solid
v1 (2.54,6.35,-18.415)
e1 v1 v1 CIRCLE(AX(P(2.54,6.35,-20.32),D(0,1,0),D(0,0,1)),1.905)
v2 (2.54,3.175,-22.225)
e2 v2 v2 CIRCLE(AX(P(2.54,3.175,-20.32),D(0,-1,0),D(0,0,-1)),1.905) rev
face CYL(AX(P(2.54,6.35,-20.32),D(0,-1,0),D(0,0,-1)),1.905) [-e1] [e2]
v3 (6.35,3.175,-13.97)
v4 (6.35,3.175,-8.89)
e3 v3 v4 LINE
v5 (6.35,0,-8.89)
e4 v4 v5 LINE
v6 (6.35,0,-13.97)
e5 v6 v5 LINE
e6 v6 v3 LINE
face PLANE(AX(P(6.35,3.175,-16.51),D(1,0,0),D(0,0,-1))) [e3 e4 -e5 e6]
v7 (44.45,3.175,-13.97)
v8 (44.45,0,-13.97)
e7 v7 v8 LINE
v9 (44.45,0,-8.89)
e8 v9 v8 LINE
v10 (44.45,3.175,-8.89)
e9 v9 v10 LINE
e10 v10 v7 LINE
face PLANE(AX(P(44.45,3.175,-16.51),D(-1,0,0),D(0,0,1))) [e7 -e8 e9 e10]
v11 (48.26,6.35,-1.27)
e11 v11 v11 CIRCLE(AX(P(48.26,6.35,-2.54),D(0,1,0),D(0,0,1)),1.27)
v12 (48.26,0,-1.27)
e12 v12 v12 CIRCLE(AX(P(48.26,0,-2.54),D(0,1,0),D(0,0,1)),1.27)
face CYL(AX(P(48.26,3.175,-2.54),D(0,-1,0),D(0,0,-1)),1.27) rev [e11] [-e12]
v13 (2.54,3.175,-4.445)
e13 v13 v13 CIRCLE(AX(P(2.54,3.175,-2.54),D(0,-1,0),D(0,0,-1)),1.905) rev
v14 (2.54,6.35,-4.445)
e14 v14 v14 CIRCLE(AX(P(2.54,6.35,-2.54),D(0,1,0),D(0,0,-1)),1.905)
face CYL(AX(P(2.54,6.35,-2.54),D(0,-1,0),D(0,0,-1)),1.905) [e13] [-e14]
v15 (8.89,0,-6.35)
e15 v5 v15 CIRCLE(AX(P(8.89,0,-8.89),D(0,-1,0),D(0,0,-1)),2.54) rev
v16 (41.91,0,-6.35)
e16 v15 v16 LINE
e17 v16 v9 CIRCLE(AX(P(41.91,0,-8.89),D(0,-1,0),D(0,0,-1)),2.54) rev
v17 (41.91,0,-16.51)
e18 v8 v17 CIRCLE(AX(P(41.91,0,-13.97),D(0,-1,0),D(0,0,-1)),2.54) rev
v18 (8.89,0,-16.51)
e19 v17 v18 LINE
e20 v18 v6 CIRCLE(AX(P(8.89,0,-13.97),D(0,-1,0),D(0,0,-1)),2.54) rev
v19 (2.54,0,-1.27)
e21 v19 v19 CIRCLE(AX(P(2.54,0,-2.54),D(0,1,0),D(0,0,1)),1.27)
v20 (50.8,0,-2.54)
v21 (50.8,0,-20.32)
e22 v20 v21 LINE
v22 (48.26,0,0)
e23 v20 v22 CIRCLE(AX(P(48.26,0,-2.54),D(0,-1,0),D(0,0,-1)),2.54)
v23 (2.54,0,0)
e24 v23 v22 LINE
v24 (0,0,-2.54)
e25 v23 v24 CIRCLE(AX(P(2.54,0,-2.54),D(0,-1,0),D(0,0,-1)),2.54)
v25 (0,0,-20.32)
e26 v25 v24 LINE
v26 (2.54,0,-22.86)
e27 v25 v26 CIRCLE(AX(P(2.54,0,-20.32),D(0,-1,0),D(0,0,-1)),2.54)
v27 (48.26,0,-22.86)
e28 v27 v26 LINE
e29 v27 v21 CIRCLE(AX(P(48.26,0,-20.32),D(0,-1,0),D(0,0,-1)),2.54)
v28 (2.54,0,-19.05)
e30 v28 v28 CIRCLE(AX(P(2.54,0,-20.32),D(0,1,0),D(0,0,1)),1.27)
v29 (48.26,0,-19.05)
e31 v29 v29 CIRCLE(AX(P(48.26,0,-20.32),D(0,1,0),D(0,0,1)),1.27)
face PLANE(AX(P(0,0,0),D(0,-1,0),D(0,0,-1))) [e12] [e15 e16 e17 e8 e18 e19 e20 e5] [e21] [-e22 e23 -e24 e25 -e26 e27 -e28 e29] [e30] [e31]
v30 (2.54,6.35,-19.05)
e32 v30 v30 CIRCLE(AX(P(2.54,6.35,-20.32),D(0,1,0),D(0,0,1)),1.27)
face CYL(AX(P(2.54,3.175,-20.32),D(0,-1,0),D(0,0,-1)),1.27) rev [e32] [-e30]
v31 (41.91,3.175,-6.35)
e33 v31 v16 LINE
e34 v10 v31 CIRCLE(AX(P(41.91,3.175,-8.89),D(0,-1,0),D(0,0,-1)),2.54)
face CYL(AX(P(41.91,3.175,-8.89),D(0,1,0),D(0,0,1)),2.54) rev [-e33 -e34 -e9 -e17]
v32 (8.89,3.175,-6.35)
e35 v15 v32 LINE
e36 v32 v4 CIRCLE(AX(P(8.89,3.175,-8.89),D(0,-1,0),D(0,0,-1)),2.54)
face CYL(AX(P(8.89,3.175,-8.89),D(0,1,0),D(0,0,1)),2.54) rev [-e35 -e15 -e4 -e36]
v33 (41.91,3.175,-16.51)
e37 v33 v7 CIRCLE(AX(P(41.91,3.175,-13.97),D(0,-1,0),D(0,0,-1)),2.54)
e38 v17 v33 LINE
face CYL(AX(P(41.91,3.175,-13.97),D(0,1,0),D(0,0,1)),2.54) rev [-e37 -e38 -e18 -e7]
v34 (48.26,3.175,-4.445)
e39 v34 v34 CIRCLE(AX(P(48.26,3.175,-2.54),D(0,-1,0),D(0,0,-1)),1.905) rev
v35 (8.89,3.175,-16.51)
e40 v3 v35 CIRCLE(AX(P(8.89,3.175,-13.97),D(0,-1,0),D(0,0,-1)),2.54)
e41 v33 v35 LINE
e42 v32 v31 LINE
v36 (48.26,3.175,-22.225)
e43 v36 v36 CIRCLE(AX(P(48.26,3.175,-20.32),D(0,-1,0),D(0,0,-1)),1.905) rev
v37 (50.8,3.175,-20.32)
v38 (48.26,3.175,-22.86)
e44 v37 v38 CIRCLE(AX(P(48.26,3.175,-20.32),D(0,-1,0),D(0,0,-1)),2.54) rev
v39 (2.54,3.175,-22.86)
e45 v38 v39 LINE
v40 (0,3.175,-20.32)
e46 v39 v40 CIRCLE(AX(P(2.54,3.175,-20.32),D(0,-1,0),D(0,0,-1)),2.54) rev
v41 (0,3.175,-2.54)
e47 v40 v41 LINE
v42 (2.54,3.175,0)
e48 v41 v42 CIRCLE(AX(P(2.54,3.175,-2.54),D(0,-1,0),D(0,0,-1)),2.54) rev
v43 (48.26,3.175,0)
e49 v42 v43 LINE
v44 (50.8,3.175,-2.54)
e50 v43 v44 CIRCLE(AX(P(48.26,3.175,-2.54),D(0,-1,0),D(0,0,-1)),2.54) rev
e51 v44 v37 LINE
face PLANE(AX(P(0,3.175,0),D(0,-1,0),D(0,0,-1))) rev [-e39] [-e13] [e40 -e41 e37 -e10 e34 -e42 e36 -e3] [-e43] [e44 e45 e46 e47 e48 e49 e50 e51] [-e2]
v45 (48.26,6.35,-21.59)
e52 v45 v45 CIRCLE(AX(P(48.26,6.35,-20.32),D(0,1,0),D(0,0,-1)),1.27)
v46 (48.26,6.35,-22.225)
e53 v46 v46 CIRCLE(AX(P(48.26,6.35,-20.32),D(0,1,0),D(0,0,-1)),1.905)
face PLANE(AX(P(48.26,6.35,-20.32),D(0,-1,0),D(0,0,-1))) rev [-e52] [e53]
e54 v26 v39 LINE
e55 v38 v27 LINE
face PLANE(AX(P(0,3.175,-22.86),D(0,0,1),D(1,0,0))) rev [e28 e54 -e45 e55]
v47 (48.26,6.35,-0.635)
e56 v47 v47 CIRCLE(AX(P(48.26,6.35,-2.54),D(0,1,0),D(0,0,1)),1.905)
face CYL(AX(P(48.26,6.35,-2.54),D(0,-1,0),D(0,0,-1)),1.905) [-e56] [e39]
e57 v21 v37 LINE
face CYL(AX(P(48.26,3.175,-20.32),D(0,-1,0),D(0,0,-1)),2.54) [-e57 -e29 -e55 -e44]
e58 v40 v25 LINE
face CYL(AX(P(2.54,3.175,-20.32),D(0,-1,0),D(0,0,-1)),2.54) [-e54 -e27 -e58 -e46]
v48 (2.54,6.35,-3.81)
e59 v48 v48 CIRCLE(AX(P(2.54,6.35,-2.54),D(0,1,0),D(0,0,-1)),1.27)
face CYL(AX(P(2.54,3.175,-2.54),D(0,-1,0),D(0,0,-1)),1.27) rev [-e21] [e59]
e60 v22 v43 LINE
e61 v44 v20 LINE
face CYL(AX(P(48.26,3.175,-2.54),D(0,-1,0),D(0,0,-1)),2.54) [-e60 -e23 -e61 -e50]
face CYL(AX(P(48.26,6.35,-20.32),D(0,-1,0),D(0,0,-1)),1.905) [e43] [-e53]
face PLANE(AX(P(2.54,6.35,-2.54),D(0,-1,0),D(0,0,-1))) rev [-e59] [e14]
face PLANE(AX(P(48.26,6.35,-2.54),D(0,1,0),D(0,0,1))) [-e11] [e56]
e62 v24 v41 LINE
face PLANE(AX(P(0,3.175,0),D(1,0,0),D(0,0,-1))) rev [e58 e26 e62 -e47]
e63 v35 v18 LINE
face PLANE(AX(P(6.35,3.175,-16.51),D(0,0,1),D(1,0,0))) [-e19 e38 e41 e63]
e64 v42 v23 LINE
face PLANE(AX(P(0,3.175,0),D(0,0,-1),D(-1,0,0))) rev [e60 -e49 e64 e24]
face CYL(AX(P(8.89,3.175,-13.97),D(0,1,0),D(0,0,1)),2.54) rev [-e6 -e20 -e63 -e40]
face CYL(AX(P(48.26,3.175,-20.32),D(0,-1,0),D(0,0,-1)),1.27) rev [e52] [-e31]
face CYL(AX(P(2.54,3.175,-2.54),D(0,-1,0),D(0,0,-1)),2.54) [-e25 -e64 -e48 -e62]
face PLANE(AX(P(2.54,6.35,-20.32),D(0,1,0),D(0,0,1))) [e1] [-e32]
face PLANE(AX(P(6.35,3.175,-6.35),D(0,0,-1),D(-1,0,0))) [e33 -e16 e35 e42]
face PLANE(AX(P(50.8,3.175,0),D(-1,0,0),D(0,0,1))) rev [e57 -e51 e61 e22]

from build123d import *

# Parameters (mm, degrees)
SKETCH1_W           = 50.8
SKETCH1_H           = 22.86
SKETCH1_R           = 1.27
SKETCH1_W_2         = 38.1
SKETCH1_H_2         = 10.16
BOSS_EXTRUDE1_DEPTH = 3.175
SKETCH2_R           = 1.905
SKETCH2_R_2         = 1.27
BOSS_EXTRUDE2_DEPTH = 3.175
FILLET1_R           = 2.54


with BuildPart() as part:
    # Sketch1 → Boss-Extrude1 (new body)
    with BuildSketch(Plane(origin=(0, 0, 0), x_dir=(1, 0, 0), z_dir=(0, 1, 0))):
        with Locations((25.4, 11.43)):
            Rectangle(SKETCH1_W, SKETCH1_H)
        with Locations((2.54, 20.32)):
            Circle(SKETCH1_R, mode=Mode.SUBTRACT)
        with Locations((48.26, 20.32)):
            Circle(SKETCH1_R, mode=Mode.SUBTRACT)
        with Locations((2.54, 2.54)):
            Circle(SKETCH1_R, mode=Mode.SUBTRACT)
        with Locations((48.26, 2.54)):
            Circle(SKETCH1_R, mode=Mode.SUBTRACT)
        with Locations((25.4, 11.43)):
            Rectangle(SKETCH1_W_2, SKETCH1_H_2, mode=Mode.SUBTRACT)
    extrude(amount=BOSS_EXTRUDE1_DEPTH)

    # Sketch2 → Boss-Extrude2 (add)
    with BuildSketch(Plane(origin=(0, 3.175, 0), x_dir=(1, 0, 0), z_dir=(0, 1, 0))):
        with Locations((2.54, 20.32)):
            Circle(SKETCH2_R)
        with Locations((2.54, 20.32)):
            Circle(SKETCH2_R_2, mode=Mode.SUBTRACT)
        with Locations((2.54, 2.54)):
            Circle(SKETCH2_R)
        with Locations((2.54, 2.54)):
            Circle(SKETCH2_R_2, mode=Mode.SUBTRACT)
        with Locations((48.26, 2.54)):
            Circle(SKETCH2_R)
        with Locations((48.26, 2.54)):
            Circle(SKETCH2_R_2, mode=Mode.SUBTRACT)
        with Locations((48.26, 20.32)):
            Circle(SKETCH2_R)
        with Locations((48.26, 20.32)):
            Circle(SKETCH2_R_2, mode=Mode.SUBTRACT)
    extrude(amount=BOSS_EXTRUDE2_DEPTH)

    # Fillet1
    fillet1_edges = [part.edges().sort_by_distance(p)[0] for p in [
        (6.35, 1.5875, -16.51),
        (6.35, 1.5875, -6.35),
        (44.45, 1.5875, -6.35),
        (44.45, 1.5875, -16.51),
        (0, 1.5875, -22.86),
        (50.8, 1.5875, -22.86),
        (50.8, 1.5875, 0),
        (0, 1.5875, 0),
    ]]
    fillet(fillet1_edges, radius=FILLET1_R)


solid = part.part
